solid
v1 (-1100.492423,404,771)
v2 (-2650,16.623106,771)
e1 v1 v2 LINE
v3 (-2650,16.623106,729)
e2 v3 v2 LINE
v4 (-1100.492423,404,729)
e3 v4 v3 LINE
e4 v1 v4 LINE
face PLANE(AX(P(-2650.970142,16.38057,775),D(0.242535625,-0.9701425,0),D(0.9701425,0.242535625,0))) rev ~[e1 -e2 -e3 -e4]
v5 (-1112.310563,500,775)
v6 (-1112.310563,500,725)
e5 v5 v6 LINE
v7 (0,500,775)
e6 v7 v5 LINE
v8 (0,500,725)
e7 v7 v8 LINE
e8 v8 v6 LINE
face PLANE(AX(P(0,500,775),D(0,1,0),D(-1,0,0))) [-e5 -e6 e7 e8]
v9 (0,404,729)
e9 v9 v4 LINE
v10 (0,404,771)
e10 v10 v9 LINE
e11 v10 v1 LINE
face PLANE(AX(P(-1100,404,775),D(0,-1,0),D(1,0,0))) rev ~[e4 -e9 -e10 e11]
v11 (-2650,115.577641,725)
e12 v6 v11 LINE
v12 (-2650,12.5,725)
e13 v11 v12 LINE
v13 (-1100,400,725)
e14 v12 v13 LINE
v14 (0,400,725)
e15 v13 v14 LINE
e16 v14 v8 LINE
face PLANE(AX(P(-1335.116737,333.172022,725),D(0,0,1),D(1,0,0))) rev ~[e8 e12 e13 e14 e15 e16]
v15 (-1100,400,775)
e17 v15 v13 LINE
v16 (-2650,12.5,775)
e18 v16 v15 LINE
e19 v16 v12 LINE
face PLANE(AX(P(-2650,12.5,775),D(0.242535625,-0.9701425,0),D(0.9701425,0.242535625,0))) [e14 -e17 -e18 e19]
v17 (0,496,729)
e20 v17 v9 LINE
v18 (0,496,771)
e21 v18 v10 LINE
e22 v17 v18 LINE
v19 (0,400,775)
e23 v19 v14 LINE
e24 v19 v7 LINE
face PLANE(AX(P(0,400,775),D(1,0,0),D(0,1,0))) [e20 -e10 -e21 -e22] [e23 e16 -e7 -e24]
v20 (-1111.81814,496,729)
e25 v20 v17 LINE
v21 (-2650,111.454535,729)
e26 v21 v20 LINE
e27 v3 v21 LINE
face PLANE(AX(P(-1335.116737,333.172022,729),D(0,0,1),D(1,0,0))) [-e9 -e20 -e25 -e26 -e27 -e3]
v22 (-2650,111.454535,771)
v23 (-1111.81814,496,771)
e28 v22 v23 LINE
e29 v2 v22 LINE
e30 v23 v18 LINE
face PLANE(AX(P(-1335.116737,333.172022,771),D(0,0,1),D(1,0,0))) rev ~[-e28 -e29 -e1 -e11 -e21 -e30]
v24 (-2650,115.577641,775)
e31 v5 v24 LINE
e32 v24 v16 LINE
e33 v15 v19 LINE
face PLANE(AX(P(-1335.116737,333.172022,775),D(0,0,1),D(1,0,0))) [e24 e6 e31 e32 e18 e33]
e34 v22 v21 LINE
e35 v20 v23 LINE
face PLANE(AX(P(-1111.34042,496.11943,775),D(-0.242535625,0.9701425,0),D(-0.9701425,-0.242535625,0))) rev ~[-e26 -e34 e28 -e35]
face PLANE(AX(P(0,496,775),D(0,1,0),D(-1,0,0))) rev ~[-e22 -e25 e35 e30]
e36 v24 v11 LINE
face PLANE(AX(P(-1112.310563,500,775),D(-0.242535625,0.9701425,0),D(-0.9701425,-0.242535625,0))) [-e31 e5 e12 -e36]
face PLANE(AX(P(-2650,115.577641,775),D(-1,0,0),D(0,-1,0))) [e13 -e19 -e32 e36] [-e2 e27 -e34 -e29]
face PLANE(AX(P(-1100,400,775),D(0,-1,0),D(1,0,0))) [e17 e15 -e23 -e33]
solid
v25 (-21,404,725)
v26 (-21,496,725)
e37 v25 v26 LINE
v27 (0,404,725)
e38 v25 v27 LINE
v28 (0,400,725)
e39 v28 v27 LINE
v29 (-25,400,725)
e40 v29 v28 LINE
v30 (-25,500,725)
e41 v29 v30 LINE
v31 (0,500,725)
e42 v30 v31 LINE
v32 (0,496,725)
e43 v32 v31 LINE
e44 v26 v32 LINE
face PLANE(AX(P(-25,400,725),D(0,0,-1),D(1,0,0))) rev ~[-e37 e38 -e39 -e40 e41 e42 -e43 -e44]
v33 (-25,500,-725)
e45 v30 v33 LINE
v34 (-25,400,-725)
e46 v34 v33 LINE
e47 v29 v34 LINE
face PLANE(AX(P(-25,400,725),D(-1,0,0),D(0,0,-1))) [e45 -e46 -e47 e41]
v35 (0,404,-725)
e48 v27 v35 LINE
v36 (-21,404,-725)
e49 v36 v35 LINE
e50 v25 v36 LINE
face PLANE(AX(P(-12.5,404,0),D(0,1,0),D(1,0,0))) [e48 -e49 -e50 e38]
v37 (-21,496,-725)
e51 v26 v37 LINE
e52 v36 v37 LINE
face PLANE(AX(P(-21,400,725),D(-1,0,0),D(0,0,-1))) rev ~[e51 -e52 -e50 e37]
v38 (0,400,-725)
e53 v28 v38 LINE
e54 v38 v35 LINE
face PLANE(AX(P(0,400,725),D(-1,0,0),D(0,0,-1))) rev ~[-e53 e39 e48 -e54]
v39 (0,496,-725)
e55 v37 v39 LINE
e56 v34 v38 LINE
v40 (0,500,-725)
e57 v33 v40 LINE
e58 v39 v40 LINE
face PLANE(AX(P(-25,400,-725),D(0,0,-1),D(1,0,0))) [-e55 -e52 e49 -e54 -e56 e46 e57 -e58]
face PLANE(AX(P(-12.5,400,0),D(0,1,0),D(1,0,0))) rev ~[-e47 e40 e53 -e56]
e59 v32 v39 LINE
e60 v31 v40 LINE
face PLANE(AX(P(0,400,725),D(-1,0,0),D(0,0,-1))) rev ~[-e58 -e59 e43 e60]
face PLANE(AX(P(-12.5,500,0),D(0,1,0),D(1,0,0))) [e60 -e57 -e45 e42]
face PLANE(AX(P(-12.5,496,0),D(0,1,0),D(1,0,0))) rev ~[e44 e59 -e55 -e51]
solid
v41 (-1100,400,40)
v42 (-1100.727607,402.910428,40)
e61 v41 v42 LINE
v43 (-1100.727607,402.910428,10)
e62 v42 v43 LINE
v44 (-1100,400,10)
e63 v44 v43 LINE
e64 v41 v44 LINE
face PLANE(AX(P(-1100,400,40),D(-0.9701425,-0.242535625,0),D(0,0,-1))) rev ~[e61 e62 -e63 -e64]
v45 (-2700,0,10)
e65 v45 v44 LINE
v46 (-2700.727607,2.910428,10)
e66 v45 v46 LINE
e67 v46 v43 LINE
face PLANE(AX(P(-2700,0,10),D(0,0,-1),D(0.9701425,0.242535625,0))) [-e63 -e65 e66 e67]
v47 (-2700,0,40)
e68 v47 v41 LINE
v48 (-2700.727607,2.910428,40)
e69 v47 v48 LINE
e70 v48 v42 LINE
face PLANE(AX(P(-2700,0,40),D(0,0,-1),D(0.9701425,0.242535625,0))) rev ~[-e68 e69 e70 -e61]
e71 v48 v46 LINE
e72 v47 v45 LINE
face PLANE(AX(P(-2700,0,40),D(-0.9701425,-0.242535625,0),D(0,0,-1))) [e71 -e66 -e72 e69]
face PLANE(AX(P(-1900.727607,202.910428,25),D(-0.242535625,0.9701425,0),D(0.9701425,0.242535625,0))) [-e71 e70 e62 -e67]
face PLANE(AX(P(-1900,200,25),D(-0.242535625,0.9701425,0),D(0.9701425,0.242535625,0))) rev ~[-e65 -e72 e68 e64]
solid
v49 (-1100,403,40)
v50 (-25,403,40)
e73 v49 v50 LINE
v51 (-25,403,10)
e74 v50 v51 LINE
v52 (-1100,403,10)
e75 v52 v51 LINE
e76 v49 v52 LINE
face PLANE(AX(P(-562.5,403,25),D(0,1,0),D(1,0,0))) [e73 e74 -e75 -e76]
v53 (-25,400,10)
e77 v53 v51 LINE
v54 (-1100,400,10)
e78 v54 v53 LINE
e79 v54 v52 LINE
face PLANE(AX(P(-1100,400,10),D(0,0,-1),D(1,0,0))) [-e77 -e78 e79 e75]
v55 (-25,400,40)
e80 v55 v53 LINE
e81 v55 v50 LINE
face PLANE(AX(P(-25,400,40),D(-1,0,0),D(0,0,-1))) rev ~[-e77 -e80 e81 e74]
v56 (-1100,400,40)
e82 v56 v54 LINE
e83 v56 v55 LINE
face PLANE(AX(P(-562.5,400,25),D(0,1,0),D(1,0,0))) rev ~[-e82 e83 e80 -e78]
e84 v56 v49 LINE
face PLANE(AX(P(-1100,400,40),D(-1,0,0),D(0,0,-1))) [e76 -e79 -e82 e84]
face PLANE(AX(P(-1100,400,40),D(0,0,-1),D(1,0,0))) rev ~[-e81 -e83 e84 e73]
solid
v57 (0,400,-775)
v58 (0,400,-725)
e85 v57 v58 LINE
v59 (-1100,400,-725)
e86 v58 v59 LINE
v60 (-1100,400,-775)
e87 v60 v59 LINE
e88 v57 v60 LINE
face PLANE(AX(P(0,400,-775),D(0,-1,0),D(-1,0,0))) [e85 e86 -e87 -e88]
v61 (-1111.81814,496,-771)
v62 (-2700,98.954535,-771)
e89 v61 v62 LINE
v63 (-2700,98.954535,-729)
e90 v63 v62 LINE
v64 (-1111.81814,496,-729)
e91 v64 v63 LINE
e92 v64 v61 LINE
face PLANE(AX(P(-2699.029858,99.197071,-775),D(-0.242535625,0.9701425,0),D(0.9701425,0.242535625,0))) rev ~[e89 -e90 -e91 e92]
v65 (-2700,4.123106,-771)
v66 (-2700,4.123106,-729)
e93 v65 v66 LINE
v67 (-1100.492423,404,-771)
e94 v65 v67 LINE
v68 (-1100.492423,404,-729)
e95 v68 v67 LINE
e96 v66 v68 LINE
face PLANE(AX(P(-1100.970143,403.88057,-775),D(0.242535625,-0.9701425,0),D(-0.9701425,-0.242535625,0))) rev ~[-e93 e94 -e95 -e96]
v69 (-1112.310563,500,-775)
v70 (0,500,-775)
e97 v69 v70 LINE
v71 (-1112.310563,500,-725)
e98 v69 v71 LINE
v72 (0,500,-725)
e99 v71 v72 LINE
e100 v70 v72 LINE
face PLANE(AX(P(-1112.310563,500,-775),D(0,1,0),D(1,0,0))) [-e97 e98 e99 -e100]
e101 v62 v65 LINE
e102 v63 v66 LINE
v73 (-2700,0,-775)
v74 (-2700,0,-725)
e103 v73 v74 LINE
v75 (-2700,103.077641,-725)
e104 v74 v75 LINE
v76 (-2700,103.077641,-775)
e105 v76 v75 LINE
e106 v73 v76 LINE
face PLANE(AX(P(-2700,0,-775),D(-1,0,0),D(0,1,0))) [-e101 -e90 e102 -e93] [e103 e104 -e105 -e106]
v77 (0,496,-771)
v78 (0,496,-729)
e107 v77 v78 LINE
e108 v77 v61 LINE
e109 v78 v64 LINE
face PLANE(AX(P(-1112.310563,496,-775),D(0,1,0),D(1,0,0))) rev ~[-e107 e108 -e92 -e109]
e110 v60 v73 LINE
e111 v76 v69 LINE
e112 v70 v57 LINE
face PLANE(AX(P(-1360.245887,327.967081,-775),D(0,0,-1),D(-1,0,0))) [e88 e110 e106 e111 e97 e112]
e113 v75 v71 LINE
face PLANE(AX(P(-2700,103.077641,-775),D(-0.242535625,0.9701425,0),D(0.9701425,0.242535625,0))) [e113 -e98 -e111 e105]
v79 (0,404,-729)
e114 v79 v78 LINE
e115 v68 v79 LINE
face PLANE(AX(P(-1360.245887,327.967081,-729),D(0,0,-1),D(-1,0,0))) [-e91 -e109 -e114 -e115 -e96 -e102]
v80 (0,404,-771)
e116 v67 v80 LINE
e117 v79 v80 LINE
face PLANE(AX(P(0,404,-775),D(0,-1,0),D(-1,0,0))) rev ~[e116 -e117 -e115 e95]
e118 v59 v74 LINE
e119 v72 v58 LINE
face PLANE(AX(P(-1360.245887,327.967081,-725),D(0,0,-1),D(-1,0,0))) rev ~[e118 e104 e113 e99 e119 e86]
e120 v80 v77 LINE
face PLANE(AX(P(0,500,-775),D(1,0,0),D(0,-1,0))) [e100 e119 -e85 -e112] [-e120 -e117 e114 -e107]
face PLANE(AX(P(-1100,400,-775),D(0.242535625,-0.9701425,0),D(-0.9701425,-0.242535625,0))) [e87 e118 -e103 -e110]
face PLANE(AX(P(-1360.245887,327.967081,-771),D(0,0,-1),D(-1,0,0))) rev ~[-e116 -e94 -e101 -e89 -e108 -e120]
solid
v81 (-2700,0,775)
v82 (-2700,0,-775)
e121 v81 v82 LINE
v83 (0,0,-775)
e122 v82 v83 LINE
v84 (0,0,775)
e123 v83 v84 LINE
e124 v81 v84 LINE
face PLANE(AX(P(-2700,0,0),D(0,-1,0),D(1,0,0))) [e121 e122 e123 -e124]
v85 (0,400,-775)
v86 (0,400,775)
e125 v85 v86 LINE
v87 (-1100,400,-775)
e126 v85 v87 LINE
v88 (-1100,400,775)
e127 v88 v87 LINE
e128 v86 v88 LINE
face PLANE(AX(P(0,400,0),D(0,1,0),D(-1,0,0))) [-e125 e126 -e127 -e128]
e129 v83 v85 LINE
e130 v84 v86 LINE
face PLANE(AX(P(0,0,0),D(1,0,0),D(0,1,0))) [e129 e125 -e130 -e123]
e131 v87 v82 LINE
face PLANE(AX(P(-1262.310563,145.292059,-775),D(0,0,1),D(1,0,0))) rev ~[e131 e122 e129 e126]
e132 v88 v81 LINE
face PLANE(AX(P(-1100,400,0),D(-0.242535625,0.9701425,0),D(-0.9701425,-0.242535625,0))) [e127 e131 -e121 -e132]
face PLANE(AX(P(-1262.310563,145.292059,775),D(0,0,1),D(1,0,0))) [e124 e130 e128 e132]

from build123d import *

# Parameters (mm, degrees)
BOSS_EXTRUDE1_DEPTH      = 775
BOSS_EXTRUDE1_DEPTH_BACK = 775
BOSS_EXTRUDE2_DEPTH      = 50
SHELL1_T                 = -4
BOSS_EXTRUDE3_DEPTH      = 50
SHELL2_T                 = -4
SKETCH5_W                = 25
SKETCH5_H                = 1450
BOSS_EXTRUDE4_DEPTH      = 100
SHELL3_T                 = -4
SKETCH7_W                = 1075
SKETCH7_H                = 30
BOSS_EXTRUDE5_DEPTH      = 3
SKETCH8_W                = 1649.242250247
SKETCH8_H                = 30
BOSS_EXTRUDE6_DEPTH      = 3


with BuildPart() as part:
    # Sketch1 → Boss-Extrude1 (new, two sides: drawn at the far end of the back side and taken through both)
    with BuildSketch(Plane.XY.offset(-BOSS_EXTRUDE1_DEPTH_BACK)):
        Polygon((-2700, 0), (0, 0), (0, 400), (-1100, 400), align=None)
    extrude(amount=BOSS_EXTRUDE1_DEPTH + BOSS_EXTRUDE1_DEPTH_BACK)


with BuildPart() as body_2:
    # Sketch3 → Boss-Extrude2 (new body)
    with BuildSketch(Plane.XY.offset(775)):
        Polygon((-2650, 115.57764064), (-2650, 12.5), (-1100, 400), (0, 400), (0, 500), (-1112.310562562, 500), align=None)
    extrude(amount=-BOSS_EXTRUDE2_DEPTH)

    # Shell1
    shell1_openings = [body_2.faces().sort_by_distance(p)[0] for p in [
        (0, 450, 750),
        (-2650, 64.03882032, 750),
    ]]
    offset(amount=SHELL1_T, openings=shell1_openings, kind=Kind.INTERSECTION)


with BuildPart() as body_3:
    # Sketch4 → Boss-Extrude3 (new body)
    with BuildSketch(Plane(origin=(0, 0, -775), x_dir=(-1, 0, 0), z_dir=(0, 0, -1))):
        Polygon((1100, 400), (2650, 12.5), (2700, 0), (2700, 103.07764064), (2650, 115.57764064), (1112.310562562, 500), (0, 500), (0, 400), align=None)
    extrude(amount=-BOSS_EXTRUDE3_DEPTH)

    # Shell2
    shell2_openings = [body_3.faces().sort_by_distance(p)[0] for p in [
        (-2700, 51.53882032, -750),
        (0, 450, -750),
    ]]
    offset(amount=SHELL2_T, openings=shell2_openings, kind=Kind.INTERSECTION)


with BuildPart() as body_4:
    # Sketch5 → Boss-Extrude4 (new body)
    with BuildSketch(Plane(origin=(0, 400, 0), x_dir=(1, 0, 0), z_dir=(0, 1, 0))):
        with Locations((-12.5, 0)):
            Rectangle(SKETCH5_W, SKETCH5_H)
    extrude(amount=BOSS_EXTRUDE4_DEPTH)

    # Shell3
    shell3_openings = [body_4.faces().sort_by_distance(p)[0] for p in [
        (-12.5, 450, -725),
        (0, 450, 0),
        (-12.5, 450, 725),
    ]]
    offset(amount=SHELL3_T, openings=shell3_openings, kind=Kind.INTERSECTION)


with BuildPart() as body_5:
    # Sketch7 → Boss-Extrude5 (new body)
    with BuildSketch(Plane(origin=(0, 400, 0), x_dir=(1, 0, 0), z_dir=(0, 1, 0))):
        with Locations((-562.5, -25)):
            Rectangle(SKETCH7_W, SKETCH7_H)
    extrude(amount=BOSS_EXTRUDE5_DEPTH)


with BuildPart() as body_6:
    # Sketch8 → Boss-Extrude6 (new body)
    with BuildSketch(Plane(origin=(-158.823529412, 635.294117647, 0), x_dir=(0.970142500145332, 0.24253562503633297, 0), z_dir=(-0.24253562503633297, 0.970142500145332, 0))):
        with Locations((-1794.763625269, -25)):
            Rectangle(SKETCH8_W, SKETCH8_H)
    extrude(amount=BOSS_EXTRUDE6_DEPTH)


solid = Compound([part.part, body_2.part, body_3.part, body_4.part, body_5.part, body_6.part])
